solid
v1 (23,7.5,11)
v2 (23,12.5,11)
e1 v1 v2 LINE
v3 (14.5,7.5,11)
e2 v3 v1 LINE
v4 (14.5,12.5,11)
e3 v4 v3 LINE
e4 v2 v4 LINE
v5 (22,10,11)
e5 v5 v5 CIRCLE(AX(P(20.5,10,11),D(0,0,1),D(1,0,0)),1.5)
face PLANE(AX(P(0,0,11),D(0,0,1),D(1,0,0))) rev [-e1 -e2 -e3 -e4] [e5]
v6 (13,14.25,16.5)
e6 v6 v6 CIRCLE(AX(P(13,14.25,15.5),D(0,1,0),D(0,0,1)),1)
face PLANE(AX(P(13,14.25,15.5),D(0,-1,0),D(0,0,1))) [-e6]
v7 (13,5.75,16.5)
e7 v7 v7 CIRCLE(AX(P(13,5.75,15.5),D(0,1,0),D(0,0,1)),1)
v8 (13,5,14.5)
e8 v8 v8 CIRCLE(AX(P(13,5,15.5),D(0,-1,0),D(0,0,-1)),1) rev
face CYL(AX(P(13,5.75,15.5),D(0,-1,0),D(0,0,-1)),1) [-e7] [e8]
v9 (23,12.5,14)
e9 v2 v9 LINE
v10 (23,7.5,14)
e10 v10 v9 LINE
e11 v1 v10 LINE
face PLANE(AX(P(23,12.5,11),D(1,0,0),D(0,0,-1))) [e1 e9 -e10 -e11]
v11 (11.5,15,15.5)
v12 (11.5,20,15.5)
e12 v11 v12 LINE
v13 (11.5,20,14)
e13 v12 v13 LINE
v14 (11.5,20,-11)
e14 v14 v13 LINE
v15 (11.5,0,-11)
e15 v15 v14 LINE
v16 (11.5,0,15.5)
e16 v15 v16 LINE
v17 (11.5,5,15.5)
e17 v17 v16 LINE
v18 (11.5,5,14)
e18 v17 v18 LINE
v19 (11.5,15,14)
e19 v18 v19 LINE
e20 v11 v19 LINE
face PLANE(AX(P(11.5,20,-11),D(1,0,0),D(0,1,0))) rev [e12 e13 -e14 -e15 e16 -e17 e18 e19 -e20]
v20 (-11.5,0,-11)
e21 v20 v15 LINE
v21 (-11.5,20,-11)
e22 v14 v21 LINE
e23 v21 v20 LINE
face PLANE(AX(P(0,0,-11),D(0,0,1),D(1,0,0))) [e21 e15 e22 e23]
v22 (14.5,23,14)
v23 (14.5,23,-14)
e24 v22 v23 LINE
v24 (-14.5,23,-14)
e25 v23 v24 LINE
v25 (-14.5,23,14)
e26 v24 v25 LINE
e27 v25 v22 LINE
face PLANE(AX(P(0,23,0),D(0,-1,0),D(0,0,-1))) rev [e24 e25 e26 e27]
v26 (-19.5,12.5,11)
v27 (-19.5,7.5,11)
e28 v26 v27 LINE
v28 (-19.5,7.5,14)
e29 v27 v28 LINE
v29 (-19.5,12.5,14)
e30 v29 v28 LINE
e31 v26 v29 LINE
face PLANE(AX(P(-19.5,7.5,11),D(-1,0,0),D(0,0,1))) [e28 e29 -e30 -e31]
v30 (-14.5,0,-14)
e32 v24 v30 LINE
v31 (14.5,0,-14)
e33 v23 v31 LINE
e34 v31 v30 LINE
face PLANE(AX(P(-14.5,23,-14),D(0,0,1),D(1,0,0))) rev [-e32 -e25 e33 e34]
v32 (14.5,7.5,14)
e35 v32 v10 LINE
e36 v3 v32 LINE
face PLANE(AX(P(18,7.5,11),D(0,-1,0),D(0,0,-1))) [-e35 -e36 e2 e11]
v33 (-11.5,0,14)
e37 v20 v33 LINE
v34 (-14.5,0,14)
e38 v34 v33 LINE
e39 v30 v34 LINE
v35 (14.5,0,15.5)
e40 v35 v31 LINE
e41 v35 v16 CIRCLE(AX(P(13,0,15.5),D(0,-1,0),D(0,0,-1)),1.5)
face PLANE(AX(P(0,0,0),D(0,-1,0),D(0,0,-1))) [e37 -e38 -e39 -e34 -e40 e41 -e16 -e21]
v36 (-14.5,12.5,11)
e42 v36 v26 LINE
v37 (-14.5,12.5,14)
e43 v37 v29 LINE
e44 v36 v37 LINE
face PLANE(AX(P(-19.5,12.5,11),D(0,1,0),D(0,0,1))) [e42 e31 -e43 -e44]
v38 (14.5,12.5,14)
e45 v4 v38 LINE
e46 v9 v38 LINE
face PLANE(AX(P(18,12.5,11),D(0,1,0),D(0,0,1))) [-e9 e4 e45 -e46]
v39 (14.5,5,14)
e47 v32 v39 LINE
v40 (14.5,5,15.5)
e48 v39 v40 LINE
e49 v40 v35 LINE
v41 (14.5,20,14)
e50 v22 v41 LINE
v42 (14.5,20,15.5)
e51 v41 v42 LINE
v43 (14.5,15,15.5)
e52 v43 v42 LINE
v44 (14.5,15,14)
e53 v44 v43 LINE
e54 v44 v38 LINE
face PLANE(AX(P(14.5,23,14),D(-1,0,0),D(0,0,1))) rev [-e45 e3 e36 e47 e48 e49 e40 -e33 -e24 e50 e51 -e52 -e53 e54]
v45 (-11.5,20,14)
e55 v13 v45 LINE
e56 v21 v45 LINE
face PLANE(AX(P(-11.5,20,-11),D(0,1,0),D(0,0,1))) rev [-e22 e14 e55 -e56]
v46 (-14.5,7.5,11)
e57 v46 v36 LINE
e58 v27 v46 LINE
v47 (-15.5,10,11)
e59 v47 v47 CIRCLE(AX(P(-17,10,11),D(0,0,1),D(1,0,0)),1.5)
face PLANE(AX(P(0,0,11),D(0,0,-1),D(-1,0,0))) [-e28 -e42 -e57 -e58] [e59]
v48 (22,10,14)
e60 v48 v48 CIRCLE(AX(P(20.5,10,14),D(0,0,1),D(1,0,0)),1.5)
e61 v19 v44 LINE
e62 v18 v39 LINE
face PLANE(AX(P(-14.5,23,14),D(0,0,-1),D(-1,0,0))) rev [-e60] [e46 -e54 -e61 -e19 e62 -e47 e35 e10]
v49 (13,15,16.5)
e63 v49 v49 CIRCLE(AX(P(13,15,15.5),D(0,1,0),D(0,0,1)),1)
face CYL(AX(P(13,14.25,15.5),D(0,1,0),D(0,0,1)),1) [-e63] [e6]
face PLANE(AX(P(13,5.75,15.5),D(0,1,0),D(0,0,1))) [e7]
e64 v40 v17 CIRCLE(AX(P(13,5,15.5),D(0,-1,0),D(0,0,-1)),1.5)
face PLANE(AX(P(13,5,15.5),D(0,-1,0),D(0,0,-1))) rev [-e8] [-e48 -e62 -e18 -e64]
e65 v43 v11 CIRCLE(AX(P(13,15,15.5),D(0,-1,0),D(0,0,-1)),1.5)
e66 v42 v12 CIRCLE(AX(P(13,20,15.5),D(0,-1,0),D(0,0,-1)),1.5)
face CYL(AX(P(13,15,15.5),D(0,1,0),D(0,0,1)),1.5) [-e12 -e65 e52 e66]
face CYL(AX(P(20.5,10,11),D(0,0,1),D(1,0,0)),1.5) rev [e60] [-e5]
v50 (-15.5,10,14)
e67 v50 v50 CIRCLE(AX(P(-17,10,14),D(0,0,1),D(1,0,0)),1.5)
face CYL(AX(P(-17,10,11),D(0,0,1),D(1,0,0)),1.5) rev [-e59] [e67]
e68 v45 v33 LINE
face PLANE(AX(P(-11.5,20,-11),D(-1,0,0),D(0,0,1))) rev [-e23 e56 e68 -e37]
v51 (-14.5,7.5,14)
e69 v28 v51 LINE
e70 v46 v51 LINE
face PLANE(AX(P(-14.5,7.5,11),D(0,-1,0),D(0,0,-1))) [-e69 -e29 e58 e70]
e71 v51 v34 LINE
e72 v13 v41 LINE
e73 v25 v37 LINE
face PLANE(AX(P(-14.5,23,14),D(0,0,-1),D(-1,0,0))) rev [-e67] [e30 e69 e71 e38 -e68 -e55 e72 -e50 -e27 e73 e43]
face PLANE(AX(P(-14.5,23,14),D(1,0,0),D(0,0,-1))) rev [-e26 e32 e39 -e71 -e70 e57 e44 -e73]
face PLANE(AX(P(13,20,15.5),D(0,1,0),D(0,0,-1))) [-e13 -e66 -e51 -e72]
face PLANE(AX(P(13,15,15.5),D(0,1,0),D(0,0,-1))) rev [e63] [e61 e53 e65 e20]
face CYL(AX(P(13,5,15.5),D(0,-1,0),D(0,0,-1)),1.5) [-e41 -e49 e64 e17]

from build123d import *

# Parameters (mm, degrees)
CROQUIS1_W              = 29
CROQUIS1_H              = 28
SALIENTE_EXTRUIR1_DEPTH = 23
CROQUIS2_W              = 23
CROQUIS2_H              = 20
CORTAR_EXTRUIR1_DEPTH   = 25
SALIENTE_EXTRUIR5_DEPTH = 5
CROQUIS12_R             = 1
SALIENTE_EXTRUIR7_DEPTH = 0.75
CROQUIS13_R             = 1.5
CROQUIS13_W             = 5
CROQUIS13_H             = 5
SALIENTE_EXTRUIR8_DEPTH = 3


with BuildPart() as part:
    # Croquis1 → Saliente-Extruir1 (new body)
    with BuildSketch(Plane(origin=(0, 0, 0), x_dir=(1, 0, 0), z_dir=(0, 1, 0))):
        Rectangle(CROQUIS1_W, CROQUIS1_H)
    extrude(amount=SALIENTE_EXTRUIR1_DEPTH)

    # Croquis2 → Cortar-Extruir1 (cut)
    with BuildSketch(Plane.XY.offset(14)):
        with Locations((0, 10)):
            Rectangle(CROQUIS2_W, CROQUIS2_H)
    extrude(amount=-CORTAR_EXTRUIR1_DEPTH, mode=Mode.SUBTRACT)

    # Croquis10 → Saliente-Extruir5 (add)
    with BuildSketch(Plane.XZ):
        with BuildLine():
            Line((11.5, 14), (14.5, 14))
            Line((14.5, 14), (14.5, 15.5))
            ThreePointArc((14.5, 15.5), (13, 17), (11.5, 15.5))
            Line((11.5, 15.5), (11.5, 14))
        make_face()
    saliente_extruir5 = extrude(amount=-SALIENTE_EXTRUIR5_DEPTH)

    # Croquis12 → Saliente-Extruir7 (add)
    with BuildSketch(Plane(origin=(0, 5, 0), x_dir=(1, 0, 0), z_dir=(0, 1, 0))):
        with Locations(Location((13, -15.5, 0), (0, 0, 90))):
            Circle(CROQUIS12_R)
    saliente_extruir7 = extrude(amount=SALIENTE_EXTRUIR7_DEPTH)

    # Simetría1: Saliente-Extruir5, Saliente-Extruir7 across plane
    add(saliente_extruir5.mirror(Plane(origin=(0, 10, 0), x_dir=(0, 0, 1), z_dir=(0, -1, 0))))
    add(saliente_extruir7.mirror(Plane(origin=(0, 10, 0), x_dir=(0, 0, 1), z_dir=(0, -1, 0))))

    # Croquis13 → Saliente-Extruir8 (add)
    # profile 1 of 2: a face of its own
    with BuildSketch(Plane.XY.offset(14)):
        Polygon((18, 12.5), (23, 12.5), (23, 7.5), (18, 7.5), (14.5, 7.5), (14.5, 12.5), align=None)
        with Locations((20.5, 10)):
            Circle(CROQUIS13_R, mode=Mode.SUBTRACT)
    # profile 2 of 2: a face of its own
    with BuildSketch(Plane.XY.offset(14)):
        with Locations((-17, 10)):
            Rectangle(CROQUIS13_W, CROQUIS13_H)
        with Locations((-17, 10)):
            Circle(CROQUIS13_R, mode=Mode.SUBTRACT)
    extrude(amount=-SALIENTE_EXTRUIR8_DEPTH)


solid = part.part
